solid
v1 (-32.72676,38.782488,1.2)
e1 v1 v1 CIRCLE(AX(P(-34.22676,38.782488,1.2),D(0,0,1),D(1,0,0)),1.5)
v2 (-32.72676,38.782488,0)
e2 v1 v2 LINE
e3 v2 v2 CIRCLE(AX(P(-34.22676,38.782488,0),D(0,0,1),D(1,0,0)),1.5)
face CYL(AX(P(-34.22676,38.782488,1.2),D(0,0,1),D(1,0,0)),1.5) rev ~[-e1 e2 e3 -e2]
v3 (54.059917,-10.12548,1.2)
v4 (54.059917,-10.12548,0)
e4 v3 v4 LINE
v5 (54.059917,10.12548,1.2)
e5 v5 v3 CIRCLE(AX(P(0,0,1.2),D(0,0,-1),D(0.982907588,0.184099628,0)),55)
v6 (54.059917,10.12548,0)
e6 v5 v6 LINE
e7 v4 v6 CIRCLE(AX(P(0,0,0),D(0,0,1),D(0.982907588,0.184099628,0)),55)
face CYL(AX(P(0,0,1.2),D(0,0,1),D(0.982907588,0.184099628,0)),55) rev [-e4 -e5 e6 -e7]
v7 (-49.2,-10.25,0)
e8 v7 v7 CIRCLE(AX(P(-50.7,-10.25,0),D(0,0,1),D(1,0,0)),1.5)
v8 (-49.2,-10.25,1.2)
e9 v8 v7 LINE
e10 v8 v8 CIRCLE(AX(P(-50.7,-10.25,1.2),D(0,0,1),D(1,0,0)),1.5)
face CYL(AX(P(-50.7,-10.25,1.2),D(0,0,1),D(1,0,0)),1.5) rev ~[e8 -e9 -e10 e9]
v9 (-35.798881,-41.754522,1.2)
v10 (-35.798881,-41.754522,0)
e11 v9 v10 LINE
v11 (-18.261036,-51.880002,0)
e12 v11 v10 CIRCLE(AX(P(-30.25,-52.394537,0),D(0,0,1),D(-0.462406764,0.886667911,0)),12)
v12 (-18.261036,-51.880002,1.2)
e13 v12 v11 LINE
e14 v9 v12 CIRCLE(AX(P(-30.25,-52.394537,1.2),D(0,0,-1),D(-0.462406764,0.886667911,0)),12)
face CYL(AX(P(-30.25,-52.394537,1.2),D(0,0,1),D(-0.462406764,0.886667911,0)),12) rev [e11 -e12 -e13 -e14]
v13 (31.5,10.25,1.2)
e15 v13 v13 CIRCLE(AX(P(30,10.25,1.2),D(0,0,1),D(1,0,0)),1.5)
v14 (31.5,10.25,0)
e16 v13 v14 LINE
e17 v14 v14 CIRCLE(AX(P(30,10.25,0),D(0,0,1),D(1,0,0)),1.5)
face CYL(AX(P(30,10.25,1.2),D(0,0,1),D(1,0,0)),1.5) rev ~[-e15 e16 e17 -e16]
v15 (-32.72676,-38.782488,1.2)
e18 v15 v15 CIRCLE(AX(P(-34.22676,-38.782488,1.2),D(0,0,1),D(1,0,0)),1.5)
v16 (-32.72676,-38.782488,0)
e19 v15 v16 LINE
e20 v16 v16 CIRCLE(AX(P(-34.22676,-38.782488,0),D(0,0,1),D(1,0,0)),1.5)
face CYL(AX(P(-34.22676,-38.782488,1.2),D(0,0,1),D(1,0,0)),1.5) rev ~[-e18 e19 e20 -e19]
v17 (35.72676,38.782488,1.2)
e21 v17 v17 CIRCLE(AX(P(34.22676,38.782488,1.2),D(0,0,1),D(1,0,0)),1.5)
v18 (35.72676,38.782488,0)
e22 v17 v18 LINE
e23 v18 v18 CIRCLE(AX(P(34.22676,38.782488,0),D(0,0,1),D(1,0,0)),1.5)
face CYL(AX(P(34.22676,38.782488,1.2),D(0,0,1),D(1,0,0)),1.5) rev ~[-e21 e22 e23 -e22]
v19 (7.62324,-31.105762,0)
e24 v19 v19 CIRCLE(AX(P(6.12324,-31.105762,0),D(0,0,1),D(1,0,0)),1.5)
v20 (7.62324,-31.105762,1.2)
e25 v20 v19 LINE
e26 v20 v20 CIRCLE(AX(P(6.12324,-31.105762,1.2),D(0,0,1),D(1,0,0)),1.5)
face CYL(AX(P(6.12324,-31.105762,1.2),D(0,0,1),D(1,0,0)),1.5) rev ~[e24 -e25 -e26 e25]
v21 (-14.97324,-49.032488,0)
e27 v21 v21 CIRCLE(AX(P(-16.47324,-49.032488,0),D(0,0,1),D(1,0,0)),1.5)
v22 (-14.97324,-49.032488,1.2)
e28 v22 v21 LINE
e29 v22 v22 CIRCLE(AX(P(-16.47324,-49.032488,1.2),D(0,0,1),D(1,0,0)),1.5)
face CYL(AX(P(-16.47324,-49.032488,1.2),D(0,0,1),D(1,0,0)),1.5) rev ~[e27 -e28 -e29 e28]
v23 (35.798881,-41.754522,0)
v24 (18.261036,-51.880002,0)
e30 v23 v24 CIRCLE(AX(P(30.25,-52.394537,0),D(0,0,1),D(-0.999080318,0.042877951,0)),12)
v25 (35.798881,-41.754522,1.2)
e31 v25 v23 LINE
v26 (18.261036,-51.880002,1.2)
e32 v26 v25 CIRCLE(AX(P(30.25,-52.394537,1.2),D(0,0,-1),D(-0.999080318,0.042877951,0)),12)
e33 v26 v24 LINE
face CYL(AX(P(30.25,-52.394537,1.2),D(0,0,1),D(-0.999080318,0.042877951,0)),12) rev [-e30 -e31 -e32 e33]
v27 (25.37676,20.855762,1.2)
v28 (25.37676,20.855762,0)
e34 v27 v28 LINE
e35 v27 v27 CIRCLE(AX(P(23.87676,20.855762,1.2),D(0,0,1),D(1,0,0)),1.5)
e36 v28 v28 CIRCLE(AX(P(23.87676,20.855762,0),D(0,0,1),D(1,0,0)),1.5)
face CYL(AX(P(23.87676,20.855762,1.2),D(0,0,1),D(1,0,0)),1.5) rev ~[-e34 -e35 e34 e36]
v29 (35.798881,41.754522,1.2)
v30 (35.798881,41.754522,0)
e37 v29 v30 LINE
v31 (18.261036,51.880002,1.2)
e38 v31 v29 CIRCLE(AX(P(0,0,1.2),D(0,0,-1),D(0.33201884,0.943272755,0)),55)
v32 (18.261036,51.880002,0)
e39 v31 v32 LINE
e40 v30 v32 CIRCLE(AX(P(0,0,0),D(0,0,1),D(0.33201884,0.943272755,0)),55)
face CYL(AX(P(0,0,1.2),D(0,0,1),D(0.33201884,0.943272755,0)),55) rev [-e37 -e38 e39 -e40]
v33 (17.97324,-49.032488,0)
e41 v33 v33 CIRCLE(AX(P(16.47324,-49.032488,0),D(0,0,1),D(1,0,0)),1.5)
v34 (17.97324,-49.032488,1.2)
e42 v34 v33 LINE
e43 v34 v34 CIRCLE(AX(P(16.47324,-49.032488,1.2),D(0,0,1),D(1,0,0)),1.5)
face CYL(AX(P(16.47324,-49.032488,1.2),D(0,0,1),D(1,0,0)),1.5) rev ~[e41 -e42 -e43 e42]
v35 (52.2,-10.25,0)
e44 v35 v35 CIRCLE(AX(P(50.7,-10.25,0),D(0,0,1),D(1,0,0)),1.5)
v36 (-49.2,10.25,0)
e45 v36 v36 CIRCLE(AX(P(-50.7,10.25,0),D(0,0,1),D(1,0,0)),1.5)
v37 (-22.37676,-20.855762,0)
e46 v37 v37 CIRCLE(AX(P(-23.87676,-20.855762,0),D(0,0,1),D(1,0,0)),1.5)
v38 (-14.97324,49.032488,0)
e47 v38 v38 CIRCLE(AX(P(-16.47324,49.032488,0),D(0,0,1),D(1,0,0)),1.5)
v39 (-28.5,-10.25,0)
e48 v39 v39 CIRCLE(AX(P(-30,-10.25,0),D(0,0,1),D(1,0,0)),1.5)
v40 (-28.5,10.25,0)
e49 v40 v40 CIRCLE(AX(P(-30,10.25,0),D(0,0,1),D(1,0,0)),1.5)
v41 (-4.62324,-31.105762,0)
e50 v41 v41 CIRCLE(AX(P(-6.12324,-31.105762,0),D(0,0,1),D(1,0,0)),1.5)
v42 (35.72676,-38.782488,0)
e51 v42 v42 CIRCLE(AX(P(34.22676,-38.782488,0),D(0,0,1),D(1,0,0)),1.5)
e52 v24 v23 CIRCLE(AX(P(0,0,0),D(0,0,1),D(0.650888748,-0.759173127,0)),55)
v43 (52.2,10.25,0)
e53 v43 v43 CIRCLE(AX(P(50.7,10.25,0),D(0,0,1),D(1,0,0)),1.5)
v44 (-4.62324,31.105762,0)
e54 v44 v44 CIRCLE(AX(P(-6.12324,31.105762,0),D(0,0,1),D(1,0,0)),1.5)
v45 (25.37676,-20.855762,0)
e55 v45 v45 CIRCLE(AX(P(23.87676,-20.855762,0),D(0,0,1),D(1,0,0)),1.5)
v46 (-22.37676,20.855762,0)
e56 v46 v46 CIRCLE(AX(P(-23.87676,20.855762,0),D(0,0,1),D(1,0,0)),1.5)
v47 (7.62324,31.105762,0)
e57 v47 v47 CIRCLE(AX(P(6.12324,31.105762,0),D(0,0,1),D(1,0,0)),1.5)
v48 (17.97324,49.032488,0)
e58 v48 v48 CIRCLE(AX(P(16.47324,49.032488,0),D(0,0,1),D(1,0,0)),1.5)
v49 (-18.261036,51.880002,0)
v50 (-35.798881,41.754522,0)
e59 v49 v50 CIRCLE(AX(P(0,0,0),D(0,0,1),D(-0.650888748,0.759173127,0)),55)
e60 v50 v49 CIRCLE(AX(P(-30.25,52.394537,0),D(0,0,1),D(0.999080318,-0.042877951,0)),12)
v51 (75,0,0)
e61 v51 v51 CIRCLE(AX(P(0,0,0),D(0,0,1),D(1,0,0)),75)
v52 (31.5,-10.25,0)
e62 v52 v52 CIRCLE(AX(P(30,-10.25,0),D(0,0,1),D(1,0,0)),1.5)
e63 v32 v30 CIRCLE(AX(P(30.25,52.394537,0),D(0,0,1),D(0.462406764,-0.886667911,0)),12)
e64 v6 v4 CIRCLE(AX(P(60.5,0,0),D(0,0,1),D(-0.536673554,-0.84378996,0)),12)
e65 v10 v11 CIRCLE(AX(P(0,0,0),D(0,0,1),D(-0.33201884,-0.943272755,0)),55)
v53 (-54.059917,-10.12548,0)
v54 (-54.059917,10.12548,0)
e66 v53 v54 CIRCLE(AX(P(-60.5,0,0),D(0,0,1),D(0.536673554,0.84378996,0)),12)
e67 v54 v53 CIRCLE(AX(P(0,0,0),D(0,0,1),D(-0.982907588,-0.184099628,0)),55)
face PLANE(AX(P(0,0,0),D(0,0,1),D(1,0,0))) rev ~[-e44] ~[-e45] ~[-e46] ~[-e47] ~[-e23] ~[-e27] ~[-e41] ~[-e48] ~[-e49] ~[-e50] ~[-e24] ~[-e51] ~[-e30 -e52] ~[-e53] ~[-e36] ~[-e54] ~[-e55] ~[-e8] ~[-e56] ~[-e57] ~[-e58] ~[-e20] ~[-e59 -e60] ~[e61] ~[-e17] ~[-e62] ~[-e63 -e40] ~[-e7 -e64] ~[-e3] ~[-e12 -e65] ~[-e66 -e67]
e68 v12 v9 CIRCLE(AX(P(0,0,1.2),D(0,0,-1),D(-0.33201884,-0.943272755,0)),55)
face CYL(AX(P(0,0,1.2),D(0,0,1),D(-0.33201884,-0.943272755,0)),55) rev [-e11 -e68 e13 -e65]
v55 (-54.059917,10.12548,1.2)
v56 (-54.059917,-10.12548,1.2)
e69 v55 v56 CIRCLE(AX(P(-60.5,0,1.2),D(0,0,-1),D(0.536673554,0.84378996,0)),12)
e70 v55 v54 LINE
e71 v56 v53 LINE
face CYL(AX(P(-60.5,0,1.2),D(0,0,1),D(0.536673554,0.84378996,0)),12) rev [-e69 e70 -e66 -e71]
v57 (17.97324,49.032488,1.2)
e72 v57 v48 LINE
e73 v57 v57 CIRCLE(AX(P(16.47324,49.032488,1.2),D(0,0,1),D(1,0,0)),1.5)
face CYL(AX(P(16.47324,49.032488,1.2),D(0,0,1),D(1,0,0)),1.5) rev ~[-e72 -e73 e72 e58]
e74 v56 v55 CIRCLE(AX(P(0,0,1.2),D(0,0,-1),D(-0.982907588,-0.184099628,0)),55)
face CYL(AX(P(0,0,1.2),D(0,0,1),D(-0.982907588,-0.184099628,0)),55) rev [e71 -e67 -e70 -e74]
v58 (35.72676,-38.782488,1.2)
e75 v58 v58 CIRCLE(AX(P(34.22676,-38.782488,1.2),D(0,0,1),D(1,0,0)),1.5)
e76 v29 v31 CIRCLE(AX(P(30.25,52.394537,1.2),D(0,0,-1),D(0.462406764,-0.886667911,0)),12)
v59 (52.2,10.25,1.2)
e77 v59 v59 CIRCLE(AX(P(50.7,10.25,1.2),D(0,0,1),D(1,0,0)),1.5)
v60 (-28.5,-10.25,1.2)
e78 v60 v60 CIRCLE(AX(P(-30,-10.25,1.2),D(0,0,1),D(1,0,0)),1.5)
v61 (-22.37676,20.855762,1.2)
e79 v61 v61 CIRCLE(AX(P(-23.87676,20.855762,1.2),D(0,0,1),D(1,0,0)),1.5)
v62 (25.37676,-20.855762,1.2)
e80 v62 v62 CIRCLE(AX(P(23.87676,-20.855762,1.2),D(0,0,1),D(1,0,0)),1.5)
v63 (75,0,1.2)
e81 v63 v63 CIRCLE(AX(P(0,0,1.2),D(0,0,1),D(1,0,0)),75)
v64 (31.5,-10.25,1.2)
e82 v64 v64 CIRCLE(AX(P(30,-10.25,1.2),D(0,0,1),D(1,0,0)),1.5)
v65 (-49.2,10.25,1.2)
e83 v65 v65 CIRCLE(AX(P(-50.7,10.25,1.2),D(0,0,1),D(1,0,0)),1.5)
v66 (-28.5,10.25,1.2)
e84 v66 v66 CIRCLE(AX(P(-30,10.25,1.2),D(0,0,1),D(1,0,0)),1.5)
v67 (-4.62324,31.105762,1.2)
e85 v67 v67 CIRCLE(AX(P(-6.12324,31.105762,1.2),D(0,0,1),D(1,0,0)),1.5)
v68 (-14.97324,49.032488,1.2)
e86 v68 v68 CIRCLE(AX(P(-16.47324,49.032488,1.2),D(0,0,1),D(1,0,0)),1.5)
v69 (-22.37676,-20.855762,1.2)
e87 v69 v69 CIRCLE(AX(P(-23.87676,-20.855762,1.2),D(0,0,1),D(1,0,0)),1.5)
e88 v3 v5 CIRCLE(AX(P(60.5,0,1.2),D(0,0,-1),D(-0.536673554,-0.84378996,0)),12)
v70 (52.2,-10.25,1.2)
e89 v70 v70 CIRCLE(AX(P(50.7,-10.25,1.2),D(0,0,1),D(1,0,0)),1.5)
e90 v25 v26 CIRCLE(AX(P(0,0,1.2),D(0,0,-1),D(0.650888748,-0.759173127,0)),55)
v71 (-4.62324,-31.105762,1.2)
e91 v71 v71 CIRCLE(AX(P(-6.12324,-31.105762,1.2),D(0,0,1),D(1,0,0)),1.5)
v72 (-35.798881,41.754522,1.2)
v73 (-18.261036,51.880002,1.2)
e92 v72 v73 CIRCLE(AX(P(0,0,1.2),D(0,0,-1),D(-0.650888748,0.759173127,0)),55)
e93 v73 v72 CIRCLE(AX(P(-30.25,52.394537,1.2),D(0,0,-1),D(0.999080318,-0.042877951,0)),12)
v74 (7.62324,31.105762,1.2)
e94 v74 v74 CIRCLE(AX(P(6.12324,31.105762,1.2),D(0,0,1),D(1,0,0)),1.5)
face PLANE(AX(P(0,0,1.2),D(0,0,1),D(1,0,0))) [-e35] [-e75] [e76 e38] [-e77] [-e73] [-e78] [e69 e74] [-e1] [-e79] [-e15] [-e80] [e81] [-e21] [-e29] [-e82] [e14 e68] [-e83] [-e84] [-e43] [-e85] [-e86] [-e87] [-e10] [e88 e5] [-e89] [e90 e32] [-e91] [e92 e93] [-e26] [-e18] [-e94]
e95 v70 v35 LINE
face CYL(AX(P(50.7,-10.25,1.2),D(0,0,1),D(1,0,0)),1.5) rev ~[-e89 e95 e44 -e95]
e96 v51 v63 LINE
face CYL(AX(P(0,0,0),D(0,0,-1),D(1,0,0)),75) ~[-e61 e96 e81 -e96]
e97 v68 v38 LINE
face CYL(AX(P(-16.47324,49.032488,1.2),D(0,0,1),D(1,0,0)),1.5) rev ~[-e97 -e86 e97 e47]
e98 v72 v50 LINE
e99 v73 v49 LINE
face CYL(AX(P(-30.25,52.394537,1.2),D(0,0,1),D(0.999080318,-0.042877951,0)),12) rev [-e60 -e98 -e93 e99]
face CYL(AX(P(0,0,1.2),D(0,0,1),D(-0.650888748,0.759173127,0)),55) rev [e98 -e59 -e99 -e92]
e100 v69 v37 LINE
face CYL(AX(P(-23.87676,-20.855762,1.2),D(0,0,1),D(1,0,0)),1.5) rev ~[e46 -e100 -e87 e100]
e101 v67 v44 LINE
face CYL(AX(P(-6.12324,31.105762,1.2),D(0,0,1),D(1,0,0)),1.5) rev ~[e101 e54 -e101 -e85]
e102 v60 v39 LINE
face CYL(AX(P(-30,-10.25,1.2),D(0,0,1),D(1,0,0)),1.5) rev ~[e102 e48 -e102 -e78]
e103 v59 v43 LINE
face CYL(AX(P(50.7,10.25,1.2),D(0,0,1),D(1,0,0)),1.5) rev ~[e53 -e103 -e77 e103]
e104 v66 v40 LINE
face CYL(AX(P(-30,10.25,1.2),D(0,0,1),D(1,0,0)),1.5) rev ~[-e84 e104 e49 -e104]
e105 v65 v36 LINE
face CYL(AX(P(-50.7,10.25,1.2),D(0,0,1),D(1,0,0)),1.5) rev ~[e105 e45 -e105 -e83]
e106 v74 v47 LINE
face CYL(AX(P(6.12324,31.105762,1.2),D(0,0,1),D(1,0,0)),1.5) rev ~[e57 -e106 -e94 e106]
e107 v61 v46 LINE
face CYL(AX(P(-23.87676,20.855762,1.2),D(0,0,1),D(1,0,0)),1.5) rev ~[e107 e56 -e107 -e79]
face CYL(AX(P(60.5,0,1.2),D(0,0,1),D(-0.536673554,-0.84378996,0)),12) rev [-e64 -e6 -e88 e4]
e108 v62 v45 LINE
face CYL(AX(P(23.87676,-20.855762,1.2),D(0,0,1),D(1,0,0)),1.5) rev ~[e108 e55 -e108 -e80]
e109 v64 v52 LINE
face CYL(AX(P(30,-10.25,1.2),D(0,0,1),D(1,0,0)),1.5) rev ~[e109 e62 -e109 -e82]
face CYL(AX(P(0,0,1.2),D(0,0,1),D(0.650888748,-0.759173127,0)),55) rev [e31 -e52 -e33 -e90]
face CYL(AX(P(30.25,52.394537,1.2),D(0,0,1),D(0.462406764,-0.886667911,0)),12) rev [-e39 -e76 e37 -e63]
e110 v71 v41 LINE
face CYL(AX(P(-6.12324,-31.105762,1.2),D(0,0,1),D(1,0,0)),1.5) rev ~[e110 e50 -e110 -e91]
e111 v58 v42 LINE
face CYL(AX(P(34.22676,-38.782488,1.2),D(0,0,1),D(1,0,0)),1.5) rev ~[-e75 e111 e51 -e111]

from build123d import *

# Parameters (mm, degrees)
SKETCH_1_R          = 75
EXTRUDE_1_DEPTH     = 1.2
SKETCH_2_R          = 1.5
CUT_EXTRUDE_1_DEPTH = 107.072805186


with BuildPart() as part:
    # 草图1 → 凸台-拉伸1 (new body)
    with BuildSketch(Plane.XY):
        Circle(SKETCH_1_R)
    extrude(amount=EXTRUDE_1_DEPTH)

    # 草图2 → 切除-拉伸1 (cut, through all)
    with BuildSketch(Plane.XY.offset(1.2)):
        with Locations((-16.473239611, 49.032487972)):
            Circle(SKETCH_2_R)
        with Locations((-6.123239611, 31.105762114)):
            Circle(SKETCH_2_R)
        with Locations((-23.876760389, 20.855762114)):
            Circle(SKETCH_2_R)
        with Locations((-34.226760389, 38.782487972)):
            Circle(SKETCH_2_R)
        with Locations((23.876760389, 20.855762114)):
            Circle(SKETCH_2_R)
        with Locations((6.123239611, 31.105762114)):
            Circle(SKETCH_2_R)
        with Locations((16.473239611, 49.032487972)):
            Circle(SKETCH_2_R)
        with Locations((34.226760389, 38.782487972)):
            Circle(SKETCH_2_R)
        with Locations((30, -10.25)):
            Circle(SKETCH_2_R)
        with Locations((30, 10.25)):
            Circle(SKETCH_2_R)
        with Locations((50.7, 10.25)):
            Circle(SKETCH_2_R)
        with Locations((50.7, -10.25)):
            Circle(SKETCH_2_R)
        with Locations((6.123239611, -31.105762114)):
            Circle(SKETCH_2_R)
        with Locations((23.876760389, -20.855762114)):
            Circle(SKETCH_2_R)
        with Locations((34.226760389, -38.782487972)):
            Circle(SKETCH_2_R)
        with Locations((16.473239611, -49.032487972)):
            Circle(SKETCH_2_R)
        with Locations((-23.876760389, -20.855762114)):
            Circle(SKETCH_2_R)
        with Locations((-6.123239611, -31.105762114)):
            Circle(SKETCH_2_R)
        with Locations((-16.473239611, -49.032487972)):
            Circle(SKETCH_2_R)
        with Locations((-34.226760389, -38.782487972)):
            Circle(SKETCH_2_R)
        with Locations((-30, 10.25)):
            Circle(SKETCH_2_R)
        with Locations((-30, -10.25)):
            Circle(SKETCH_2_R)
        with Locations((-50.7, -10.25)):
            Circle(SKETCH_2_R)
        with Locations((-50.7, 10.25)):
            Circle(SKETCH_2_R)
        with BuildLine():
            ThreePointArc((-18.261036187, 51.880001517), (-24.25, 42.002232084), (-35.798881168, 41.754521996))
            ThreePointArc((-35.798881168, 41.754521996), (-27.5, 47.631397208), (-18.261036187, 51.880001517))
        make_face()
        with BuildLine():
            ThreePointArc((35.798881168, 41.754521996), (24.25, 42.002232084), (18.261036187, 51.880001517))
            ThreePointArc((18.261036187, 51.880001517), (27.5, 47.631397208), (35.798881168, 41.754521996))
        make_face()
        with BuildLine():
            ThreePointArc((54.059917355, -10.125479521), (48.5, 0), (54.059917355, 10.125479521))
            ThreePointArc((54.059917355, 10.125479521), (55, 0), (54.059917355, -10.125479521))
        make_face()
        with BuildLine():
            ThreePointArc((18.261036187, -51.880001517), (24.25, -42.002232084), (35.798881168, -41.754521996))
            ThreePointArc((35.798881168, -41.754521996), (27.5, -47.631397208), (18.261036187, -51.880001517))
        make_face()
        with BuildLine():
            ThreePointArc((-35.798881168, -41.754521996), (-24.25, -42.002232084), (-18.261036187, -51.880001517))
            ThreePointArc((-18.261036187, -51.880001517), (-27.5, -47.631397208), (-35.798881168, -41.754521996))
        make_face()
        with BuildLine():
            ThreePointArc((-54.059917355, 10.125479521), (-48.5, 0), (-54.059917355, -10.125479521))
            ThreePointArc((-54.059917355, -10.125479521), (-55, 0), (-54.059917355, 10.125479521))
        make_face()
    extrude(amount=-CUT_EXTRUDE_1_DEPTH, mode=Mode.SUBTRACT)


solid = part.part
